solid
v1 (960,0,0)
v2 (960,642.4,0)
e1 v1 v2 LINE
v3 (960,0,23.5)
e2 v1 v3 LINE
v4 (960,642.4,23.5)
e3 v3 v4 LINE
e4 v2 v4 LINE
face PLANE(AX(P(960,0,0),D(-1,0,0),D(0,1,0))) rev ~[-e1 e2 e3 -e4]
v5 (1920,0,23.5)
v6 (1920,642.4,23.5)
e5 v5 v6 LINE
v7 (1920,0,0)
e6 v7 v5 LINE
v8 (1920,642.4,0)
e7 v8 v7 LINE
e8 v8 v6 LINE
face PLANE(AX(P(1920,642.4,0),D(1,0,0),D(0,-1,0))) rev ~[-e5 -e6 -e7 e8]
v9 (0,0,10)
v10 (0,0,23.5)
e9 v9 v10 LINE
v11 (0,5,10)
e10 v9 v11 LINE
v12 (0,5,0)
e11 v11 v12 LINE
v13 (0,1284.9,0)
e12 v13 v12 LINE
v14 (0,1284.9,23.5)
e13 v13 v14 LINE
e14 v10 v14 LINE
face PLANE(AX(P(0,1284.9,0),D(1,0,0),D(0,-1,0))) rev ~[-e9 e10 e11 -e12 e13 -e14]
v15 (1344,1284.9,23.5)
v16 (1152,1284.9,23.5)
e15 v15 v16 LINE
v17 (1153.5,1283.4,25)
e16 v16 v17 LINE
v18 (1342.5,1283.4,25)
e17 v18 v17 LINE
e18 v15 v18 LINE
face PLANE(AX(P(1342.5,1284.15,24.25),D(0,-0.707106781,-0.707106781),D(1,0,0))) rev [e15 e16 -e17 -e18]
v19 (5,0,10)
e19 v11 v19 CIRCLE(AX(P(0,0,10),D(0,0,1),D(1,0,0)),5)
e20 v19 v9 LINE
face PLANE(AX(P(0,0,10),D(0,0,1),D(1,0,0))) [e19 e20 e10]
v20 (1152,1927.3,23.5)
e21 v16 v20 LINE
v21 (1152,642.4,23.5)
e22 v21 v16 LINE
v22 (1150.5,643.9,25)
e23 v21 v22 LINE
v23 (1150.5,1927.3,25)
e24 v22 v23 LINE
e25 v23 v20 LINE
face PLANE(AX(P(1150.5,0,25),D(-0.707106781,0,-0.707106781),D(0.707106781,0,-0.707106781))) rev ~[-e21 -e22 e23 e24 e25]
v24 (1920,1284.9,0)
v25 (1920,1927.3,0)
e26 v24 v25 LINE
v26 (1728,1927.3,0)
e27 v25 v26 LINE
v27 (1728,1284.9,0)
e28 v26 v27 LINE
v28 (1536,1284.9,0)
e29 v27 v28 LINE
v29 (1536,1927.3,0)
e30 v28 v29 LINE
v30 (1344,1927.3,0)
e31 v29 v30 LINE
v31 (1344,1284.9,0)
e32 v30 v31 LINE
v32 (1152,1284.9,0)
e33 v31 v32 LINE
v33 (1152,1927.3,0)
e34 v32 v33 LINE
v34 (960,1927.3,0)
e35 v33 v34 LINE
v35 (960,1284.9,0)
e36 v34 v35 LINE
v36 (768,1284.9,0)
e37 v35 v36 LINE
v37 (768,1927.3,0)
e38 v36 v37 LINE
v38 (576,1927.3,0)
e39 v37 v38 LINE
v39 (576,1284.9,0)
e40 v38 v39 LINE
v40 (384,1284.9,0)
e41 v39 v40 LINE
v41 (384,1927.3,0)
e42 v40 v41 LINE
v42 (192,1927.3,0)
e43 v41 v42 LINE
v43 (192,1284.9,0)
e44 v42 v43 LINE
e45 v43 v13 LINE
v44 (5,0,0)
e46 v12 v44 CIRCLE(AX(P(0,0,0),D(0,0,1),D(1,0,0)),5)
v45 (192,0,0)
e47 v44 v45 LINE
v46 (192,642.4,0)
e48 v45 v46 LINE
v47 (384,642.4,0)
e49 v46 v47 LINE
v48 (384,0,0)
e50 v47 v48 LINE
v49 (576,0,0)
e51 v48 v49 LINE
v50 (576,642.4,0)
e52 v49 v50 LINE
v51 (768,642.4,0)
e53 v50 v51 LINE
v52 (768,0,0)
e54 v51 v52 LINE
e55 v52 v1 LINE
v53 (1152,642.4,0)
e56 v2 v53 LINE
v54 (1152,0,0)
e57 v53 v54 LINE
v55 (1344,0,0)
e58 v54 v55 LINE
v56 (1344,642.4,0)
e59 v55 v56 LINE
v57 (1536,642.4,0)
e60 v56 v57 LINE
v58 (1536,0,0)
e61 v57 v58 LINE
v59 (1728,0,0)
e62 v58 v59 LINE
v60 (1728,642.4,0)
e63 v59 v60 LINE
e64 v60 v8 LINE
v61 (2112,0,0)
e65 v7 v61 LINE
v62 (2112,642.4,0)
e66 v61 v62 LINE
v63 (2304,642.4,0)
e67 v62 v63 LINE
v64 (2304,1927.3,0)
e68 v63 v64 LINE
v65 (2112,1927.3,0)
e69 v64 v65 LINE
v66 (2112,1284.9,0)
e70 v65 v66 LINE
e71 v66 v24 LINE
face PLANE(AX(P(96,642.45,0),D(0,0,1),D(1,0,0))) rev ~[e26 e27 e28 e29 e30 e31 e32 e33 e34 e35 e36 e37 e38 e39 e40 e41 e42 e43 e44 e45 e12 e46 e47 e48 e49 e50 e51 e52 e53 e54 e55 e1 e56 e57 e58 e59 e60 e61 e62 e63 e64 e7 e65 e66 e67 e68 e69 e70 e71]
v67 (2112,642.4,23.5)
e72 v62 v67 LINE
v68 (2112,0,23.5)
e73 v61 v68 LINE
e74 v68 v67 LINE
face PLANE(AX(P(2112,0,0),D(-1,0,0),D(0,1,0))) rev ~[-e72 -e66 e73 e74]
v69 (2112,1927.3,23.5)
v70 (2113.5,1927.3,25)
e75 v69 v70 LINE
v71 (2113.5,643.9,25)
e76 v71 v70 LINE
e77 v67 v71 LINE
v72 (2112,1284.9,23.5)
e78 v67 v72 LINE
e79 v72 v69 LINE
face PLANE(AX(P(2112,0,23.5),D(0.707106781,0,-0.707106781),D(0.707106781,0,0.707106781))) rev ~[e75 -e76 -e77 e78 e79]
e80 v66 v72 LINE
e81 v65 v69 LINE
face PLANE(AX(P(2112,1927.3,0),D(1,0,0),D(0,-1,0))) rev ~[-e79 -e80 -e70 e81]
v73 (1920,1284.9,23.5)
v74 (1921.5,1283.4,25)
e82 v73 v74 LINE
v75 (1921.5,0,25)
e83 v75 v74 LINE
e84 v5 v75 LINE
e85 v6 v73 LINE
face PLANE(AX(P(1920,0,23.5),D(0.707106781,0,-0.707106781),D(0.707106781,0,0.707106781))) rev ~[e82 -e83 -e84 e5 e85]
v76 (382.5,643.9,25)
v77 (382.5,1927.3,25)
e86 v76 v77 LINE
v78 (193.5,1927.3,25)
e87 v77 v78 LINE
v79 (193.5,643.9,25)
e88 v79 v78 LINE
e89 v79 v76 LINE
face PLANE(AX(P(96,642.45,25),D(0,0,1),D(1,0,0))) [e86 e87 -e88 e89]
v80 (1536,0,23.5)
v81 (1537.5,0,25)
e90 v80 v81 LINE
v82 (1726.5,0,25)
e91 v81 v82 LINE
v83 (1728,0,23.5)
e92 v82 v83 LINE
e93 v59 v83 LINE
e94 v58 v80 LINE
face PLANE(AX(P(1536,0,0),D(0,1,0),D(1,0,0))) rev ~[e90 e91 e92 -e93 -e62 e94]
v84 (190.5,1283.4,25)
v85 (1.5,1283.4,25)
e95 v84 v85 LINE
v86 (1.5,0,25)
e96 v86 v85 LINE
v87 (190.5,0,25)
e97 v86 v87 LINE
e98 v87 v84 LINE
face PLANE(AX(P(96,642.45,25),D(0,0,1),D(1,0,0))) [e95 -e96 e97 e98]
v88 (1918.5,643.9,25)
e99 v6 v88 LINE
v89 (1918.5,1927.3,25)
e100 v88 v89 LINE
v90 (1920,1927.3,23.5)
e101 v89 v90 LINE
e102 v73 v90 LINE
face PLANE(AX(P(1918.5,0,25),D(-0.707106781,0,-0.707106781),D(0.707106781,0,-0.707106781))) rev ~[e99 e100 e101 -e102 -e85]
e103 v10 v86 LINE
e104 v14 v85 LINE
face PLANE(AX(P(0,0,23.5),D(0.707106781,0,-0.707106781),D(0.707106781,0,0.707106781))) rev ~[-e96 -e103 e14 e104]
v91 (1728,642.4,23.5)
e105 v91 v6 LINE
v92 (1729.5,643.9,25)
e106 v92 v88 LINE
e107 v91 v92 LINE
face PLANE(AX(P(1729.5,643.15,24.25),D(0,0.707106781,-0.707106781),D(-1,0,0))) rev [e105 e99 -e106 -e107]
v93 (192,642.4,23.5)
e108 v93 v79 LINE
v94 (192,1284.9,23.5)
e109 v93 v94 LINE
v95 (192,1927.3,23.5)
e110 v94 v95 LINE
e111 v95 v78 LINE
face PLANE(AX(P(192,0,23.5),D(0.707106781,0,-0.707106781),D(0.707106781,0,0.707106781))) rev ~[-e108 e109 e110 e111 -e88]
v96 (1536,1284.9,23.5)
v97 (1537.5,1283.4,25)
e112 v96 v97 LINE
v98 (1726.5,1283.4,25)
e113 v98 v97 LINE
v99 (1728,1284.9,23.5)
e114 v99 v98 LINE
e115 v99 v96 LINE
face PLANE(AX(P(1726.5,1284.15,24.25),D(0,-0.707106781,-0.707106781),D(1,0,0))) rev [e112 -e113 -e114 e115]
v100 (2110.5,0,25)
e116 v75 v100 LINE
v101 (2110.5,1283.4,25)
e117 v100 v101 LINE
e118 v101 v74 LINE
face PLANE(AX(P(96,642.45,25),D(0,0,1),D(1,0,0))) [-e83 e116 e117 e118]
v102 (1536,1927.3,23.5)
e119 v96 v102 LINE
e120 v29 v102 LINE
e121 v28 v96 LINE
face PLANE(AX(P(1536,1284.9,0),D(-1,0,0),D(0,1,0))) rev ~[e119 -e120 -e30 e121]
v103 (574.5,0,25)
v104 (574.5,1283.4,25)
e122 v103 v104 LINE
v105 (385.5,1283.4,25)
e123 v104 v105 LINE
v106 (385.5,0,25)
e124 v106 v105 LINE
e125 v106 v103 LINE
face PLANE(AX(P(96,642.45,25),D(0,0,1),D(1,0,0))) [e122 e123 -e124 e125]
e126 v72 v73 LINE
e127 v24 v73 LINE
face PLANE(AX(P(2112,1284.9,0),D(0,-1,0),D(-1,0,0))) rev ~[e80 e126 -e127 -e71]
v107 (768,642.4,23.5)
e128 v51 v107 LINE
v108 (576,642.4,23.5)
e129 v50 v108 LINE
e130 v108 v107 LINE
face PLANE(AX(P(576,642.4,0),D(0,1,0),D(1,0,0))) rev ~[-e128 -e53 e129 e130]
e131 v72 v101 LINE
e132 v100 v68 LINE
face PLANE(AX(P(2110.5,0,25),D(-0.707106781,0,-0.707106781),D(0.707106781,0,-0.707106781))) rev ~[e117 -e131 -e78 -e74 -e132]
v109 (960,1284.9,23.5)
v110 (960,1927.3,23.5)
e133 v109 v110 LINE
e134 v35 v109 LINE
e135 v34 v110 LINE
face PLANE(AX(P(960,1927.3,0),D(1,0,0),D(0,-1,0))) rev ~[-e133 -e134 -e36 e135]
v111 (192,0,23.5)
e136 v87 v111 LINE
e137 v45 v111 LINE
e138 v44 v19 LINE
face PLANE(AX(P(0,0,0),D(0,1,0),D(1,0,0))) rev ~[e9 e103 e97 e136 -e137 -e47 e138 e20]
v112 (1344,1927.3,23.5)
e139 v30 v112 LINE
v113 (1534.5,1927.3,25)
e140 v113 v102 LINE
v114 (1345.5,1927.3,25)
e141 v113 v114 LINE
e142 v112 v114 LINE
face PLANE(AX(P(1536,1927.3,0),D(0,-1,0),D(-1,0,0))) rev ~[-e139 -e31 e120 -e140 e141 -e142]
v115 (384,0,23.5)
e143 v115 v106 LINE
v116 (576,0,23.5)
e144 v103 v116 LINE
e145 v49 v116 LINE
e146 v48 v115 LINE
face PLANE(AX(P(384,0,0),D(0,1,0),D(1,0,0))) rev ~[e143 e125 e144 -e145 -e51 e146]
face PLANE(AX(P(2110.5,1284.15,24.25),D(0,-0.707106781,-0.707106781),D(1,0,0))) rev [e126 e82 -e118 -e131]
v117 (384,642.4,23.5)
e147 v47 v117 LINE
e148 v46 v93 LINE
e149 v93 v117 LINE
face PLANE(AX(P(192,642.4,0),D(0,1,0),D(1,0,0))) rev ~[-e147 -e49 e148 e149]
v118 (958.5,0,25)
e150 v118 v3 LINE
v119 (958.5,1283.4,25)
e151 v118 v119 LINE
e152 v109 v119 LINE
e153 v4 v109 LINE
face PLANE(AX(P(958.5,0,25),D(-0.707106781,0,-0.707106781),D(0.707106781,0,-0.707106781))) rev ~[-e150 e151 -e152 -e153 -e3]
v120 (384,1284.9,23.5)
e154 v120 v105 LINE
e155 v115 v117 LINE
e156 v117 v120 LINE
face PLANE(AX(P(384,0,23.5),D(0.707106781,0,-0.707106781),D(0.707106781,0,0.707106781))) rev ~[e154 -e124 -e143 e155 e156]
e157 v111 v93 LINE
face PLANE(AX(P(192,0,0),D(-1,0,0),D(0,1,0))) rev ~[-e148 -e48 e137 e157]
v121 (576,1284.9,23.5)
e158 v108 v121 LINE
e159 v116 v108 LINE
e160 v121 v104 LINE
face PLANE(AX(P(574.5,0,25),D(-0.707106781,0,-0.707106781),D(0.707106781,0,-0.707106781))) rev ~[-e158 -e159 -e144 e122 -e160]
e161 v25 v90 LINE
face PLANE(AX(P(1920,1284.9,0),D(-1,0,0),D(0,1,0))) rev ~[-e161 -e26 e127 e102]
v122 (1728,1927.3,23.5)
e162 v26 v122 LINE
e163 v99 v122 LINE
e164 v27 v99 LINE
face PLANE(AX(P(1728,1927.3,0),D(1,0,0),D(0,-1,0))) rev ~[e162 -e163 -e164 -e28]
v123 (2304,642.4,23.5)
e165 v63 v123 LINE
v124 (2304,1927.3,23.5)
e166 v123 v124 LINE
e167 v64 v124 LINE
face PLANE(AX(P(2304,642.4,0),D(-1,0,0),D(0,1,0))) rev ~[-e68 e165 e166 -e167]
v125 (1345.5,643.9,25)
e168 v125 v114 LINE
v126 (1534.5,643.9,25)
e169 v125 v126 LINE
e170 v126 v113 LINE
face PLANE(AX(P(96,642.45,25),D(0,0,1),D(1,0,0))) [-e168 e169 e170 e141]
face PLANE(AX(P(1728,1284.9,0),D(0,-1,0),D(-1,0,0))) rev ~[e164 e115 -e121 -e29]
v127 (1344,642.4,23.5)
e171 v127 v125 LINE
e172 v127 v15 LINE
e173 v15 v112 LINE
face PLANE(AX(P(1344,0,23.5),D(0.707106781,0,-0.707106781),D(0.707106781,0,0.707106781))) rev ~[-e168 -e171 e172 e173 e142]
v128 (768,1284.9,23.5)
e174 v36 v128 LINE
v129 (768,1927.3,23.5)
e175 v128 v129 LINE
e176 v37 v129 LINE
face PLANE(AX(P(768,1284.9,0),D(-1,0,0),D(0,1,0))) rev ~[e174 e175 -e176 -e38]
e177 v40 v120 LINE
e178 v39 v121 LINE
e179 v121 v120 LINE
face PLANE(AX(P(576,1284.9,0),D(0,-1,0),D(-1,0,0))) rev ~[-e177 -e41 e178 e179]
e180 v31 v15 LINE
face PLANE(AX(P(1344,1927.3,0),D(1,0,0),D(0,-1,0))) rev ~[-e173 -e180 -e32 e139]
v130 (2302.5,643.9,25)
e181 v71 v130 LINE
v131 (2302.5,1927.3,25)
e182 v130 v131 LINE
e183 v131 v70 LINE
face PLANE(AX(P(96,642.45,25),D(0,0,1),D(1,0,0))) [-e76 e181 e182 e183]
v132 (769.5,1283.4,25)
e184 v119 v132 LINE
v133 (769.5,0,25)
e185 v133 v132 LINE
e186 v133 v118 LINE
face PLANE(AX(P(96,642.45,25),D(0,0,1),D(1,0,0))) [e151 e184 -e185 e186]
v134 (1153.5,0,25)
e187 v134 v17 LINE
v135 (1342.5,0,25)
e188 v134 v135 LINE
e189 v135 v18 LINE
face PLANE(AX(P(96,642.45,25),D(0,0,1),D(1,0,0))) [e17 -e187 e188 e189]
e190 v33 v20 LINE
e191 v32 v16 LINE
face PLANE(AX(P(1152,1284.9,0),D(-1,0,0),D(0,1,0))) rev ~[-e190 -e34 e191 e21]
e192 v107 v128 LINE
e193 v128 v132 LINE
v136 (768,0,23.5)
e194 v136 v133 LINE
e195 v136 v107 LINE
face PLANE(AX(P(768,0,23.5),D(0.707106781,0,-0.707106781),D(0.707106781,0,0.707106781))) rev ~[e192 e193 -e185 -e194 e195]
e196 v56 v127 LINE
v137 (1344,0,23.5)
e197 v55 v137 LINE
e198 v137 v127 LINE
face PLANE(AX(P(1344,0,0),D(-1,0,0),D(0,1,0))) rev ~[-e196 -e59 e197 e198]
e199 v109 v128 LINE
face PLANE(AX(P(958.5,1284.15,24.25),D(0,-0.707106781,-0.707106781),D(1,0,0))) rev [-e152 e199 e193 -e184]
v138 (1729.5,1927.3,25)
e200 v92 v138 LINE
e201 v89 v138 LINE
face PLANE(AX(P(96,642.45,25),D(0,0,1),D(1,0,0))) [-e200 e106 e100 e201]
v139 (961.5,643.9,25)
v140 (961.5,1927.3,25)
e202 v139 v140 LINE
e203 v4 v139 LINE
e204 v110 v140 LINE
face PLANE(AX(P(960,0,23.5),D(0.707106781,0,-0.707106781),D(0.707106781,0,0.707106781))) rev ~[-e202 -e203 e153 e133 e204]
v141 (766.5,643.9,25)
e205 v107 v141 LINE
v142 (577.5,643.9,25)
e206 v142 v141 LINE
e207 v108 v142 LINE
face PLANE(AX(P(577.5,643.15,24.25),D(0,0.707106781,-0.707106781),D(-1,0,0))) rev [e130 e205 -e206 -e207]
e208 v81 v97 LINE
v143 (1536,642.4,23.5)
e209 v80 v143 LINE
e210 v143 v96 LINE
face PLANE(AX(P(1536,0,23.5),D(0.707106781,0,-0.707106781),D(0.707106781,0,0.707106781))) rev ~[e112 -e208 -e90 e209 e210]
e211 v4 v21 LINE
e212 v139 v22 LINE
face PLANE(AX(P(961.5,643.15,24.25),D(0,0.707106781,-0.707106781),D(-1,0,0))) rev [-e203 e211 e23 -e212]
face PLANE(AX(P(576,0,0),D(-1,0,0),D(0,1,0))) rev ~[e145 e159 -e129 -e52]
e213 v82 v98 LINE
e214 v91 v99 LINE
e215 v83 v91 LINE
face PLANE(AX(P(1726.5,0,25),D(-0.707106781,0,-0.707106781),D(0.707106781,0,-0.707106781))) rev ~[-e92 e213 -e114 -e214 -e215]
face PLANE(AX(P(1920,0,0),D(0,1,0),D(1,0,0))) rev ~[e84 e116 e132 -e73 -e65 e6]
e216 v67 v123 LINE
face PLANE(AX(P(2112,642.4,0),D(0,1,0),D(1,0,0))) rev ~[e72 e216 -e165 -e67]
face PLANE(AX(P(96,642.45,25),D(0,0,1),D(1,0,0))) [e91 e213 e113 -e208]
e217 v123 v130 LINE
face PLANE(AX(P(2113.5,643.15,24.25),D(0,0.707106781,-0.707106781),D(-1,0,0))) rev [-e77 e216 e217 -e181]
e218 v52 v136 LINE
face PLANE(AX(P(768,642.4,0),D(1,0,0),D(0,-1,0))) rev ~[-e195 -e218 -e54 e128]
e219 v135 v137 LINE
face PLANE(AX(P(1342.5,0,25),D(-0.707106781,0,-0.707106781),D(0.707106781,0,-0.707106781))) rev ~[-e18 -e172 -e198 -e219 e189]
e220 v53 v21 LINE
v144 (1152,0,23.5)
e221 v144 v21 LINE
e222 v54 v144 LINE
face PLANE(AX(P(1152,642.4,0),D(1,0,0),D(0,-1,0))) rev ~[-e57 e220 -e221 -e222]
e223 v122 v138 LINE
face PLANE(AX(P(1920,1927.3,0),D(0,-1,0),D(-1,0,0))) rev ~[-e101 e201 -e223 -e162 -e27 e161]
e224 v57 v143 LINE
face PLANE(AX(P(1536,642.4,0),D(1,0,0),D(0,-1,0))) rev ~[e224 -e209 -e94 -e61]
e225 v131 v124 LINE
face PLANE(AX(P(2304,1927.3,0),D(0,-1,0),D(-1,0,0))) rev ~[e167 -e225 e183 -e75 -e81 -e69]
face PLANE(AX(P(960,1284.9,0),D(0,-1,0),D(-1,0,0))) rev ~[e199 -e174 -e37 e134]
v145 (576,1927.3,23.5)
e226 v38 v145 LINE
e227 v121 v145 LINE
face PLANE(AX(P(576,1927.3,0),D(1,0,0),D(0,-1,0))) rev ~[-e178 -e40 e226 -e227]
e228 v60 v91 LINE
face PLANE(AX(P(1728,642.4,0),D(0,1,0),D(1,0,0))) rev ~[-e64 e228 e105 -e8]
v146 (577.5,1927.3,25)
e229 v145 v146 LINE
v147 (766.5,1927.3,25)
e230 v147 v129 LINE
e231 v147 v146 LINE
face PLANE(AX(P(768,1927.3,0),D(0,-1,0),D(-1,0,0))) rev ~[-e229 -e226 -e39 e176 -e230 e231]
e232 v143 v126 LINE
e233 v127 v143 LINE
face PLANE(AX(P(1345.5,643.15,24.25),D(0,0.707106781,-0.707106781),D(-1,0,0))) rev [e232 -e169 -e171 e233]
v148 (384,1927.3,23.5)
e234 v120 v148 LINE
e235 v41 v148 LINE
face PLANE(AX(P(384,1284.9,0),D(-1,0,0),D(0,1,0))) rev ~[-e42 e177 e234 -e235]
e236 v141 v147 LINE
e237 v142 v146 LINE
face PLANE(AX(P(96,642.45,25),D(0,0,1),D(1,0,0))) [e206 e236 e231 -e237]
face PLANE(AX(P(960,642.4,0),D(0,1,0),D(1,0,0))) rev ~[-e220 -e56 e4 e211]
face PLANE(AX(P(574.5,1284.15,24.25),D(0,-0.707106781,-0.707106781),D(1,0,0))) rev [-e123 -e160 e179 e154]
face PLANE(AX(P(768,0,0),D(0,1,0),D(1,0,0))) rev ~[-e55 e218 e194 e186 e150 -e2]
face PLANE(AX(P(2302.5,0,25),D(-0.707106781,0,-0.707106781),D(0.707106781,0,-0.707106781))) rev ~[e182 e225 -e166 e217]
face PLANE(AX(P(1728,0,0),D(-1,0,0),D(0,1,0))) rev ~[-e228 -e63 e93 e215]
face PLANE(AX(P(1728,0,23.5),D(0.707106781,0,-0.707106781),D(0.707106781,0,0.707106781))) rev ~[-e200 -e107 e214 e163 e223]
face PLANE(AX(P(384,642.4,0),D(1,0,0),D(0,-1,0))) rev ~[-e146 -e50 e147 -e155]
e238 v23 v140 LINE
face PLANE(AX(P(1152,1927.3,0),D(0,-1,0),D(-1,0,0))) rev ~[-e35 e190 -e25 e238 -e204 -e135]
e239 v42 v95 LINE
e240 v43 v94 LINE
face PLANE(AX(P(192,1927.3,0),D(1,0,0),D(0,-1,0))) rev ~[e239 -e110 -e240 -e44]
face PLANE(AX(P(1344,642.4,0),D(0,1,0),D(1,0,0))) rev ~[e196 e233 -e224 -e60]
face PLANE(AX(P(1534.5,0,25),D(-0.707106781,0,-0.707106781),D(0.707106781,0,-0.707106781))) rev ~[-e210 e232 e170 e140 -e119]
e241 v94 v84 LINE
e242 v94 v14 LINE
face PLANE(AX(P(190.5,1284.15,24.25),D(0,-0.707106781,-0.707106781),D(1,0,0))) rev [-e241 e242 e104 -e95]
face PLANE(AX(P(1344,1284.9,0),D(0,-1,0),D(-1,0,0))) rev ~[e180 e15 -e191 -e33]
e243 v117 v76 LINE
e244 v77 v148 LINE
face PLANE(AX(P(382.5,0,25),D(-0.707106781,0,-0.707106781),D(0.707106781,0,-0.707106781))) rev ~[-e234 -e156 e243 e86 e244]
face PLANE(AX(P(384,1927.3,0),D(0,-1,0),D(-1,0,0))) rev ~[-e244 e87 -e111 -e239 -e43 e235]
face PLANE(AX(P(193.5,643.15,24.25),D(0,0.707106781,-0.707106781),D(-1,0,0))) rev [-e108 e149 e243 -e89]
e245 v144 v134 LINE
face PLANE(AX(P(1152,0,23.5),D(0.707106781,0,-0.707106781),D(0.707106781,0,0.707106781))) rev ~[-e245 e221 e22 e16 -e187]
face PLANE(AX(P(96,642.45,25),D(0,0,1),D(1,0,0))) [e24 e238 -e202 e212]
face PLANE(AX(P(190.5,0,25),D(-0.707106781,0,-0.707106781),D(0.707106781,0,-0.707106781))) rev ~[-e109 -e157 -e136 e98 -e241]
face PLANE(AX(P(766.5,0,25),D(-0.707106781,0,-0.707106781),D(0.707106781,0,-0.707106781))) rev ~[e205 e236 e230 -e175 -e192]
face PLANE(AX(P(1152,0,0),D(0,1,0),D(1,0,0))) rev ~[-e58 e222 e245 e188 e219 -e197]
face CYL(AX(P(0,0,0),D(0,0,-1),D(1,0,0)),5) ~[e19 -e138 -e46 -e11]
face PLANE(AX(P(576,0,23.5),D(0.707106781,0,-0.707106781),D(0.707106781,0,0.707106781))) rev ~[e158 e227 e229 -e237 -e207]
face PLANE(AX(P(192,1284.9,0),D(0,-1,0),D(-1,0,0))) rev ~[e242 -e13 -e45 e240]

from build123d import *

# Parameters (mm, degrees)
F0_R     = 5
F1_DEPTH = 10
F3_DEPTH = 25
F5_DEPTH = 1927.301
F6_SIZE  = 1.5


with BuildPart() as f1:
    # F0 (on Top) → F1 (new body)
    with BuildSketch(Plane.XY):
        Circle(F0_R)
    extrude(amount=F1_DEPTH)

    # F2 (on Top) → F3 (join)
    with BuildSketch(Plane.XY):
        Polygon((0, 1284.9), (0, 0), (192, 0), (192, 642.4), (192, 1284.9), align=None)
        Polygon((192, 1284.9), (192, 642.4), (384, 642.4), (384, 1284.9), (384, 1927.3), (192, 1927.3), align=None)
        Polygon((384, 1284.9), (384, 642.4), (384, 0), (576, 0), (576, 642.4), (576, 1284.9), align=None)
        Polygon((576, 1927.3), (576, 1284.9), (576, 642.4), (768, 642.4), (768, 1284.9), (768, 1927.3), align=None)
        Polygon((768, 1284.9), (768, 642.4), (768, 0), (960, 0), (960, 642.4), (960, 1284.9), align=None)
        Polygon((960, 1927.3), (960, 1284.9), (960, 642.4), (1152, 642.4), (1152, 1284.9), (1152, 1927.3), align=None)
        Polygon((1152, 1284.9), (1152, 642.4), (1152, 0), (1344, 0), (1344, 642.4), (1344, 1284.9), align=None)
        Polygon((1344, 1927.3), (1344, 1284.9), (1344, 642.4), (1536, 642.4), (1536, 1284.9), (1536, 1927.3), align=None)
        Polygon((1536, 1284.9), (1536, 642.4), (1536, 0), (1728, 0), (1728, 642.4), (1728, 1284.9), align=None)
        Polygon((1728, 1927.3), (1728, 1284.9), (1728, 642.4), (1920, 642.4), (1920, 1284.9), (1920, 1927.3), align=None)
        Polygon((1920, 1284.9), (1920, 642.4), (1920, 0), (2112, 0), (2112, 642.4), (2112, 1284.9), align=None)
        Polygon((2112, 1927.3), (2112, 1284.9), (2112, 642.4), (2304, 642.4), (2304, 1927.3), align=None)
    extrude(amount=F3_DEPTH)

    # F4 (on face) → F5 (cut, through all)
    with BuildSketch(Plane.XZ):
        Polygon((-1.5, 25), (0, 23.5), (1.5, 25), align=None)
        Polygon((192, 23.5), (193.5, 25), (190.5, 25), align=None)
        Polygon((384, 23.5), (385.5, 25), (382.5, 25), align=None)
        Polygon((576, 23.5), (577.5, 25), (574.5, 25), align=None)
        Polygon((768, 23.5), (769.5, 25), (766.5, 25), align=None)
        Polygon((960, 23.5), (961.5, 25), (958.5, 25), align=None)
        Polygon((1152, 23.5), (1153.5, 25), (1150.5, 25), align=None)
        Polygon((1344, 23.5), (1345.5, 25), (1342.5, 25), align=None)
        Polygon((1536, 23.5), (1537.5, 25), (1534.5, 25), align=None)
        Polygon((1728, 23.5), (1729.5, 25), (1726.5, 25), align=None)
        Polygon((1920, 23.5), (1921.5, 25), (1918.5, 25), align=None)
        Polygon((2112, 23.5), (2113.5, 25), (2110.5, 25), align=None)
        Polygon((2304, 23.5), (2305.5, 25), (2302.5, 25), align=None)
    extrude(amount=-F5_DEPTH, mode=Mode.SUBTRACT)

    # F6
    f6_edges = [f1.edges().sort_by_distance(p)[0] for p in [
        (288, 642.4, 25),
        (672, 642.4, 25),
        (1056, 642.4, 25),
        (1440, 642.4, 25),
        (1824, 642.4, 25),
        (2208, 642.4, 25),
        (96, 1284.9, 25),
        (480, 1284.9, 25),
        (864, 1284.9, 25),
        (1248, 1284.9, 25),
        (1632, 1284.9, 25),
        (2016, 1284.9, 25),
    ]]
    chamfer(f6_edges, length=F6_SIZE)


solid = f1.part
